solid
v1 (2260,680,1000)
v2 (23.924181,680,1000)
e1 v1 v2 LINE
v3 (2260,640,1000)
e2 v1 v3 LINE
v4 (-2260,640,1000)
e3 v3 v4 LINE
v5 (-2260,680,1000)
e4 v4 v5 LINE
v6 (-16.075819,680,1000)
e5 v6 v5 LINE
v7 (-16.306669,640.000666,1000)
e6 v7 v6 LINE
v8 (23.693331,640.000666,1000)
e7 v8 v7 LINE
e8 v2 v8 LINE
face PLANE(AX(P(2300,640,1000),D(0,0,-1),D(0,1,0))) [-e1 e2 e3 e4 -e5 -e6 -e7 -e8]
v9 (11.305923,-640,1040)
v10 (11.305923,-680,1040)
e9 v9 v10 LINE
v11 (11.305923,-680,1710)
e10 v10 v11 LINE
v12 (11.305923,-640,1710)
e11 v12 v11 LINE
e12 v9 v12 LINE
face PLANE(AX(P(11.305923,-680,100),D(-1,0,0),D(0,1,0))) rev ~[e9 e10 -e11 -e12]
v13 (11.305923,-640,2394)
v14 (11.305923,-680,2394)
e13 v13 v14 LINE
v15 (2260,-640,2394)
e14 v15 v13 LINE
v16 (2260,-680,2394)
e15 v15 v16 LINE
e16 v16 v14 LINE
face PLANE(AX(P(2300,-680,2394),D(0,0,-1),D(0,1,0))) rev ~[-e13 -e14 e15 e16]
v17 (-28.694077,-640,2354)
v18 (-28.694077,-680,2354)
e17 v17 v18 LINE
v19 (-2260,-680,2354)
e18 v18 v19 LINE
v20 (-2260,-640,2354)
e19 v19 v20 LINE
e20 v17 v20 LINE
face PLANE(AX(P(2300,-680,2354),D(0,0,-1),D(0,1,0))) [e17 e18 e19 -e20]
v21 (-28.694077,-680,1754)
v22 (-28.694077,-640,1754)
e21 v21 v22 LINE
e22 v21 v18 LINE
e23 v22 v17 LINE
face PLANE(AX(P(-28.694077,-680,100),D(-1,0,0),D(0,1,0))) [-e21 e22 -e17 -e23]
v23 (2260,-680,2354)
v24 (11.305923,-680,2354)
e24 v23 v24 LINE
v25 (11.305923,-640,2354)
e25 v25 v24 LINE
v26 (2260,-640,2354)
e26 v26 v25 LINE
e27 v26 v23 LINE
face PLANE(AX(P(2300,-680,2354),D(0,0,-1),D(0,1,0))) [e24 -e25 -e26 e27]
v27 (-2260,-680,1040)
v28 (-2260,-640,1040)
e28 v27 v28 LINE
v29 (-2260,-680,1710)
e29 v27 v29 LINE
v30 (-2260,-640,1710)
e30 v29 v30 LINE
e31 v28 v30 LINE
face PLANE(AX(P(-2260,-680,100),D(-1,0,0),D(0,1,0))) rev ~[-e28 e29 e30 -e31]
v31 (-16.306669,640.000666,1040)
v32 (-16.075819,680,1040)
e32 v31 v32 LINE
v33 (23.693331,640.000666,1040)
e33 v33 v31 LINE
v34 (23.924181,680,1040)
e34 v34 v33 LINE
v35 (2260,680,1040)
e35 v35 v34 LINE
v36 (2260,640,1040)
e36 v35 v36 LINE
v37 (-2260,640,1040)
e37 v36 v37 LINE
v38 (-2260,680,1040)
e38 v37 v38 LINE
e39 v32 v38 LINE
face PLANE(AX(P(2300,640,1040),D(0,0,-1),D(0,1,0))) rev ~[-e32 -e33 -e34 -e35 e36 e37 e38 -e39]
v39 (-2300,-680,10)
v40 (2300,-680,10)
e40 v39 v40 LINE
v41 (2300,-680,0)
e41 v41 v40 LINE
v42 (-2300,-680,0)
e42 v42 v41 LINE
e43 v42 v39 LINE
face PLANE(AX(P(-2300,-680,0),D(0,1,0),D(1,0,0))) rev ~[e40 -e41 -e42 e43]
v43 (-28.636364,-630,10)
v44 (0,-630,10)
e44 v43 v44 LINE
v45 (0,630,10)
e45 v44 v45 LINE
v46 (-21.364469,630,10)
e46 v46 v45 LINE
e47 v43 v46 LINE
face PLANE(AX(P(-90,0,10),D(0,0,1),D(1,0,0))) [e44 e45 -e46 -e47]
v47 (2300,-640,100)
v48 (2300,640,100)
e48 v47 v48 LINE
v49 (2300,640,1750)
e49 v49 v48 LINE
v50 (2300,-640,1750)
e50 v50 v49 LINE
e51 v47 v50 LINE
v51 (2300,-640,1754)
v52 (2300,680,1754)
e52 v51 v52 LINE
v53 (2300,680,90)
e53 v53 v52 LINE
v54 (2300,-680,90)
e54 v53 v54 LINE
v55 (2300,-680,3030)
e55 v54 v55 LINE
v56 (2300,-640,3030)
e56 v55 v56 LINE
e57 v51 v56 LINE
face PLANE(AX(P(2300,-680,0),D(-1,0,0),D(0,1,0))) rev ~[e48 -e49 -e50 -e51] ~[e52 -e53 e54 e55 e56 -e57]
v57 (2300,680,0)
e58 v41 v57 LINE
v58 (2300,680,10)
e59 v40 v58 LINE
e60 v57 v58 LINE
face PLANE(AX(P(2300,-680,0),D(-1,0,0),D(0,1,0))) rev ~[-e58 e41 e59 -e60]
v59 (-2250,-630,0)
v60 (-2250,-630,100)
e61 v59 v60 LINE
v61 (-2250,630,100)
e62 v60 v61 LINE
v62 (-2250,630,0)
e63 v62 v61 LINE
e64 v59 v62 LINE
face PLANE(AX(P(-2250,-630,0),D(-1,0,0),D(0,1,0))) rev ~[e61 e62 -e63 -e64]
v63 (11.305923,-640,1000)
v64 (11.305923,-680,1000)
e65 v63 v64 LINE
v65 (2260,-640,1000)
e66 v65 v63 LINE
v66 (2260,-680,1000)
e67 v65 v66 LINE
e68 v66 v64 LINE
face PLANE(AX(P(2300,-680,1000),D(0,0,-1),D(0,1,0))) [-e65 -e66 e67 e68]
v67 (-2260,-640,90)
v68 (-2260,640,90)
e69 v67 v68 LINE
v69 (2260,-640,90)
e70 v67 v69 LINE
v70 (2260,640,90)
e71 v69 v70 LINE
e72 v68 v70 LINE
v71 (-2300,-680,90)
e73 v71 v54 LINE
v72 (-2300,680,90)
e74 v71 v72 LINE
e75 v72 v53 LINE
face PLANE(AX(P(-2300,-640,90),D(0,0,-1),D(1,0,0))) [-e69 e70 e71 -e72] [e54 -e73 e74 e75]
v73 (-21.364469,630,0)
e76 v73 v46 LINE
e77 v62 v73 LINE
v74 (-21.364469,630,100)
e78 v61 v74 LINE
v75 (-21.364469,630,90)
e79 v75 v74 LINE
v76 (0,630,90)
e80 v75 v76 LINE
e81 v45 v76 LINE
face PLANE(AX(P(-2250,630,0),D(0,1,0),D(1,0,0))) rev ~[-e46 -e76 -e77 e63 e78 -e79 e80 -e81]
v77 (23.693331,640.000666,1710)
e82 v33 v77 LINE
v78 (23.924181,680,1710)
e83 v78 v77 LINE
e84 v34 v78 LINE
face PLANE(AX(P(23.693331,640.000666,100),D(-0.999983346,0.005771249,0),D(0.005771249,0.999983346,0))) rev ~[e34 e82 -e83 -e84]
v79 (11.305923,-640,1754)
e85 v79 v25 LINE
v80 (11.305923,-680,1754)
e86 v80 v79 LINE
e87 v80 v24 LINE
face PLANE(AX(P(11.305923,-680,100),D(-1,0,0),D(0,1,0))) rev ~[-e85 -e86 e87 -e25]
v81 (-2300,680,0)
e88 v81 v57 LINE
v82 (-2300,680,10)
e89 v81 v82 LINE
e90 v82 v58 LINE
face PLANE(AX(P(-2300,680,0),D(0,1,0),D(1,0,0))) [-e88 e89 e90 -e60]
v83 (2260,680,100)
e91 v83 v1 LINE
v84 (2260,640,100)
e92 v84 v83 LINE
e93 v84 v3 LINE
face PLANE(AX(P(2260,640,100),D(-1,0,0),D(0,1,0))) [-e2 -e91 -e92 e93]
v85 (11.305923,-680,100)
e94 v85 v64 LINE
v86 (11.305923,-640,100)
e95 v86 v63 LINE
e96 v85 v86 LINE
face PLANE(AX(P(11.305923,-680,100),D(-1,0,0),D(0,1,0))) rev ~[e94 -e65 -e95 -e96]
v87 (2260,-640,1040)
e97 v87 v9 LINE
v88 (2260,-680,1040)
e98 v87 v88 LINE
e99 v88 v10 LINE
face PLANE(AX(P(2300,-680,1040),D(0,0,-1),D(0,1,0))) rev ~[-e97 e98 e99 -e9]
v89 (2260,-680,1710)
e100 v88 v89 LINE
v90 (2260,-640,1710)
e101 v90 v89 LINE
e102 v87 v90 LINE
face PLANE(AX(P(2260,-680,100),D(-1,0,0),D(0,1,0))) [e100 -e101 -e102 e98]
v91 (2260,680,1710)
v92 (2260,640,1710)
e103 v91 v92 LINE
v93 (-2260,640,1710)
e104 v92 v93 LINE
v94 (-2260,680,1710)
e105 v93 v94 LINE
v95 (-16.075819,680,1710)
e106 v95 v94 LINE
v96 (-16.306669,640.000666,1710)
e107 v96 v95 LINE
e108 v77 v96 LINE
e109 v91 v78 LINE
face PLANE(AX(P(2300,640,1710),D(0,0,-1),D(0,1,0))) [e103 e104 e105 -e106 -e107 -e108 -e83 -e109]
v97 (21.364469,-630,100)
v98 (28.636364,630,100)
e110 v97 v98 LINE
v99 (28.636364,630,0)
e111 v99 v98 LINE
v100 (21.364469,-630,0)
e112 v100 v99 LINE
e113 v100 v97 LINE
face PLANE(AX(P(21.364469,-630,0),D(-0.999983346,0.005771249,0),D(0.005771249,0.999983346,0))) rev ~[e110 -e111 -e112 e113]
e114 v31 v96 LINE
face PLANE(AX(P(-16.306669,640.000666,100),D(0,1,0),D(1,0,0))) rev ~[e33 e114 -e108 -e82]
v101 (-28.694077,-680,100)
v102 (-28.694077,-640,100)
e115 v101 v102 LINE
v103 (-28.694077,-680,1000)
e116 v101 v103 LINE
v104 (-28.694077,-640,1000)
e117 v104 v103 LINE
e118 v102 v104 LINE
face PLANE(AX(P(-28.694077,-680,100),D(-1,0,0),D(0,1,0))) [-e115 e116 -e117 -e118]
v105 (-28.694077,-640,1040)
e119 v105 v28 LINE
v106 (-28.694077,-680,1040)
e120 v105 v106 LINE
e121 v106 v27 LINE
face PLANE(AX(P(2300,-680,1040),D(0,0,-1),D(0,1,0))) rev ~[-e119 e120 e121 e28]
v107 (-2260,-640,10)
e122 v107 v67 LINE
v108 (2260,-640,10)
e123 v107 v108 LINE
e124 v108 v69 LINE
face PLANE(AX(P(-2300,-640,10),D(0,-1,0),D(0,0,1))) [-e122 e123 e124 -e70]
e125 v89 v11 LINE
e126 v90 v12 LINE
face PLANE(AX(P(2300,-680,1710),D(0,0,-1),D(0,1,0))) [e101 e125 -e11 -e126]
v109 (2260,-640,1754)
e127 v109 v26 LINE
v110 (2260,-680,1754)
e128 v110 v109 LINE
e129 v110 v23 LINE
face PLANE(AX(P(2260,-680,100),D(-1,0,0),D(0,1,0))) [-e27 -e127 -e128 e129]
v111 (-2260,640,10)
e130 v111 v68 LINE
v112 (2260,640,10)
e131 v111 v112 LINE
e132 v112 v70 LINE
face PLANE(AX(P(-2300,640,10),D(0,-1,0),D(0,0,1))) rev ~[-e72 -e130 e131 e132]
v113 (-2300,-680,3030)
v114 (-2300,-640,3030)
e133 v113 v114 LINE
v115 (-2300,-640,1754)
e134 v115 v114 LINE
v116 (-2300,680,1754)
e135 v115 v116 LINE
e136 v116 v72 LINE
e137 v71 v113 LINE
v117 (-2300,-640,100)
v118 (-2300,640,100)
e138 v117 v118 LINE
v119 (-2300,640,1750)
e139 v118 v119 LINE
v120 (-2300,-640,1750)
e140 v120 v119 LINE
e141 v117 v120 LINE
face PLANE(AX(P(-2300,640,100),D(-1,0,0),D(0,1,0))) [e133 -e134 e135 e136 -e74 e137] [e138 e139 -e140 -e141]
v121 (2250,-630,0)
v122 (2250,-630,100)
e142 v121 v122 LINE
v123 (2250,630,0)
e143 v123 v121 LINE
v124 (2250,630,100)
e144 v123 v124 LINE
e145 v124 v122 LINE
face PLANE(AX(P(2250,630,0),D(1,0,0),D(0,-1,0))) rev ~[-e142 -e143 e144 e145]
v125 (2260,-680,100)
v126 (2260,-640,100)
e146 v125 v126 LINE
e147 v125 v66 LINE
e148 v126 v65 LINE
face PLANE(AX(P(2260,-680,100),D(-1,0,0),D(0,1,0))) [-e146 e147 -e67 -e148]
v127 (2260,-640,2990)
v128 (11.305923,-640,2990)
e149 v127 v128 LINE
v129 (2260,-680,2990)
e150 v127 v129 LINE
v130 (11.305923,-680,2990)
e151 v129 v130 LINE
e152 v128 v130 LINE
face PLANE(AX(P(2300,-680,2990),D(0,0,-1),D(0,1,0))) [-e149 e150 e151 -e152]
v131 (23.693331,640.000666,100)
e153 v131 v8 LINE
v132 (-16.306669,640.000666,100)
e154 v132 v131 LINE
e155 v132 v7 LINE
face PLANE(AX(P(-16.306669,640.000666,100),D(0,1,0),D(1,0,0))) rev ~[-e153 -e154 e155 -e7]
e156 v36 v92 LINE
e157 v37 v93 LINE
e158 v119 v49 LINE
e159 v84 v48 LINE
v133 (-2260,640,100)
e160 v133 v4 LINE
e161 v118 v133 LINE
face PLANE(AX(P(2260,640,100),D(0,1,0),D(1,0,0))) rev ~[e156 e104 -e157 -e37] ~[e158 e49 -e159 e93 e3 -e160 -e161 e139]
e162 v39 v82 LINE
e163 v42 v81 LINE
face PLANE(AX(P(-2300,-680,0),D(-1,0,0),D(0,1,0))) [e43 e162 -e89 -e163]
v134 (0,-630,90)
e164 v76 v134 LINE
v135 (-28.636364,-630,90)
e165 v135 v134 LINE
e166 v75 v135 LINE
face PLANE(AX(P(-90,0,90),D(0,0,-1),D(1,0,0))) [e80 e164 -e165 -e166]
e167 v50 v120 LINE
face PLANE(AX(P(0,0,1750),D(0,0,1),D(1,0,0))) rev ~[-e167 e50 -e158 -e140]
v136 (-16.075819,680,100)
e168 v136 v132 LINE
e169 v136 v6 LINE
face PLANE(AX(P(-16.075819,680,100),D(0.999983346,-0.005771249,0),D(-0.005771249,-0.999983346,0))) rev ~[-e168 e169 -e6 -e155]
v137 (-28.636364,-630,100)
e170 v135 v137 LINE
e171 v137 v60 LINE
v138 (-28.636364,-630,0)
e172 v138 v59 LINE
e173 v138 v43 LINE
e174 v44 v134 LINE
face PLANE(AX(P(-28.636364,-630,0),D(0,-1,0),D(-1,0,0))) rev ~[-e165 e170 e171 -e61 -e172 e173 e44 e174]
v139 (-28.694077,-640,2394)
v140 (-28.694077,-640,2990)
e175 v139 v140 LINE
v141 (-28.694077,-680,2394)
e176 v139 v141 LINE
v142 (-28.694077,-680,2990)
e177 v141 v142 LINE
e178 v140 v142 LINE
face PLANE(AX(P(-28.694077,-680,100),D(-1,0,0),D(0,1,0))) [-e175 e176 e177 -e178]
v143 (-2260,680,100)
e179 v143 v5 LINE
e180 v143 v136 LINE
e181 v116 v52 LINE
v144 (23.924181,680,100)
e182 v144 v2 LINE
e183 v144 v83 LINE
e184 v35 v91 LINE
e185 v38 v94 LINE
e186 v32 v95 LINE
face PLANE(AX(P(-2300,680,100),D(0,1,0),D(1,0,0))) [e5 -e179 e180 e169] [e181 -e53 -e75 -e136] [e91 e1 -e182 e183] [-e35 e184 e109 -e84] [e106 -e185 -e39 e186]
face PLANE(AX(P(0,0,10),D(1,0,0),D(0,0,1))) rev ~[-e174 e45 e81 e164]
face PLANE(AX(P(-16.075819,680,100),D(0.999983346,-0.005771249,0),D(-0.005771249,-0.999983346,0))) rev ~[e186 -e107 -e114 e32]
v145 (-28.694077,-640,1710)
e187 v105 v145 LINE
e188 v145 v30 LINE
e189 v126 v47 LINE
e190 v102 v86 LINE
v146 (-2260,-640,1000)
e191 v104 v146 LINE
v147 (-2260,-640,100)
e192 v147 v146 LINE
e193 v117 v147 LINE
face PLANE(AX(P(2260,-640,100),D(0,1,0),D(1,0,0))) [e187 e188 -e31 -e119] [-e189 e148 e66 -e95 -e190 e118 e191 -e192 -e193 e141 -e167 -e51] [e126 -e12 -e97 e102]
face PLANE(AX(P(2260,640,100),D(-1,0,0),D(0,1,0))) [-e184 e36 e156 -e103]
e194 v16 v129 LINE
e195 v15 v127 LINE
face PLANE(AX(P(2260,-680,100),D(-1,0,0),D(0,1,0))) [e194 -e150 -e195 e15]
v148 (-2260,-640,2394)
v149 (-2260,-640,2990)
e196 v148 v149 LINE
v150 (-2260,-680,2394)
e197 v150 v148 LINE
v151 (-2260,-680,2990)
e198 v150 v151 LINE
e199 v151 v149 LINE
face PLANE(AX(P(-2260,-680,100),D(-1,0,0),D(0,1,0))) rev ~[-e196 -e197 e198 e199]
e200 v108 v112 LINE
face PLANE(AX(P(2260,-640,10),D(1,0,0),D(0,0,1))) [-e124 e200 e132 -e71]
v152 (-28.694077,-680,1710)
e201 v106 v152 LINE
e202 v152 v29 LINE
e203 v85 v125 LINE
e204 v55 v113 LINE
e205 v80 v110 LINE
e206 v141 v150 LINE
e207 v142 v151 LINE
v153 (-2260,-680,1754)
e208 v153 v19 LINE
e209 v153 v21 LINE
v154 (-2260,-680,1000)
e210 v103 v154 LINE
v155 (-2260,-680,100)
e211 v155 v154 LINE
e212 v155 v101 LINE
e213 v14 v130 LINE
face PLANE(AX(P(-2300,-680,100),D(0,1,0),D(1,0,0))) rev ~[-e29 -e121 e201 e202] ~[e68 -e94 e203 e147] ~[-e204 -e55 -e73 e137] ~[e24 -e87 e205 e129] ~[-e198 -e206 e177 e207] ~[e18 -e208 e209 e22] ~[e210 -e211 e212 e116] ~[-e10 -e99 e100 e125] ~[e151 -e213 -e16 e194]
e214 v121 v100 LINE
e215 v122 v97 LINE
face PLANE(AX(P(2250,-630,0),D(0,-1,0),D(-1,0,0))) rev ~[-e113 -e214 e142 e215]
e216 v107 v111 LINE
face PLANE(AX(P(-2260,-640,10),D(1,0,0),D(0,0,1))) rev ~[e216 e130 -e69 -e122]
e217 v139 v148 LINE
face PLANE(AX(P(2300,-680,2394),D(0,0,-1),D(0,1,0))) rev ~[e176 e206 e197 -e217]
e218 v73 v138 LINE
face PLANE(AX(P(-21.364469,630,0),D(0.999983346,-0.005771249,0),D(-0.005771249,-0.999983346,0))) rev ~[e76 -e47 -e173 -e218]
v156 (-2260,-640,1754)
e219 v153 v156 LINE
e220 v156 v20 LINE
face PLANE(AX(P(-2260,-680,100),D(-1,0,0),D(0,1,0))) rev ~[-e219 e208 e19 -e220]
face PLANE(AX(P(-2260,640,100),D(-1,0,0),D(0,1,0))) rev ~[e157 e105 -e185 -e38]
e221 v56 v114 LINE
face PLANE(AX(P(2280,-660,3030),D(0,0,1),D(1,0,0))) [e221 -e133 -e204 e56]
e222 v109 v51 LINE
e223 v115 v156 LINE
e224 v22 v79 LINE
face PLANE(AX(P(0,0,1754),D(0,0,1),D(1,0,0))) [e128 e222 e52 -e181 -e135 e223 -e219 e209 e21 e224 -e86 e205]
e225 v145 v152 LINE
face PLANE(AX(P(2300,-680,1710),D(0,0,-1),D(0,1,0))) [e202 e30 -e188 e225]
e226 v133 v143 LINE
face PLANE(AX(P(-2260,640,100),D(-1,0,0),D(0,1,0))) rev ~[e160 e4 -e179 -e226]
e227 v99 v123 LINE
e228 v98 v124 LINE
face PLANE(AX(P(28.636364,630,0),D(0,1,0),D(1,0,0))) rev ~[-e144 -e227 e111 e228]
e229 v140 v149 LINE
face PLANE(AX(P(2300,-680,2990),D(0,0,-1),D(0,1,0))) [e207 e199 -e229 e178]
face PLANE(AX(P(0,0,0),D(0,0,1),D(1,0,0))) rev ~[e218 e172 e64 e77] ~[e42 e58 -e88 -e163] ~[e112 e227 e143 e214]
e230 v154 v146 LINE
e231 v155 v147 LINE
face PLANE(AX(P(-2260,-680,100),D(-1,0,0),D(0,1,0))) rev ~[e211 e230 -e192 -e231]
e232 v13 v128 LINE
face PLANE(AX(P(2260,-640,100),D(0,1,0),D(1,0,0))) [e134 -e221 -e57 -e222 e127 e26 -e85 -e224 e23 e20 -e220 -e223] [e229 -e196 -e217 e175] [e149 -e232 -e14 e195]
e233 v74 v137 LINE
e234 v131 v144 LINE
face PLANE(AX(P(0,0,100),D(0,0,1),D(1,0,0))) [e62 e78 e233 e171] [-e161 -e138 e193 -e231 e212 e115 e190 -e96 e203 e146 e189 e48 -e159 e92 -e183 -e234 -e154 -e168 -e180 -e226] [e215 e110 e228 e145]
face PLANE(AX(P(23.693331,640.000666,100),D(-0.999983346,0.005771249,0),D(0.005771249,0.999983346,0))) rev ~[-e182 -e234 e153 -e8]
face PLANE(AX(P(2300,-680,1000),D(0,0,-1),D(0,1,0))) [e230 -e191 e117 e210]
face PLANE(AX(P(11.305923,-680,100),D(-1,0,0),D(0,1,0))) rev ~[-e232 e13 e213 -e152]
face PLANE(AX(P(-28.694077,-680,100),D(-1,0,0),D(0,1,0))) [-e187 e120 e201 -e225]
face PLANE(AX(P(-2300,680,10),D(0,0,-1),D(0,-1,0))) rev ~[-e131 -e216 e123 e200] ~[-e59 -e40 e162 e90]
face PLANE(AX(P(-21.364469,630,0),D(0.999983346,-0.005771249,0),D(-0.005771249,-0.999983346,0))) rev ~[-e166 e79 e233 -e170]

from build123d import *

# Parameters (mm, degrees)
F0_W          = 4600
F0_H          = 1360
F1_DEPTH      = 100
F2_W          = 40
F2_H          = 80
F3_DEPTH      = 4600.001
F4_W          = 40
F4_H          = 80
F5_DEPTH      = 1320.001
F7_W          = 90
F7_H          = 80
F8_DEPTH      = 630
F8_DEPTH_BACK = 630
F9_W          = 40
F9_H          = 40
F10_DEPTH     = 2930
F11_W         = 4600
F11_H         = 1360
F12_DEPTH     = 4
F13_DEPTH     = 1650
F14_W         = 40
F14_H         = 40
F15_DEPTH     = 4560


with BuildPart() as f1:
    # F0 (on Top) → F1 (new body)
    with BuildSketch(Plane.XY):
        Rectangle(F0_W, F0_H)
        Polygon((-2250, -630), (-2250, 630), (-21.3644690673, 630), (-28.6363636364, -630), align=None, mode=Mode.SUBTRACT)
        Polygon((28.6363636364, 630), (2250, 630), (2250, -630), (21.3644690673, -630), align=None, mode=Mode.SUBTRACT)
    extrude(amount=F1_DEPTH)

    # F2 (on face) → F3 (cut, through all)
    with BuildSketch(Plane(origin=(-2300, 0, 0), x_dir=(0, -1, 0), z_dir=(-1, 0, 0))):
        with Locations((-660, 50)):
            Rectangle(F2_W, F2_H)
        with Locations((660, 50)):
            Rectangle(F2_W, F2_H)
    extrude(amount=-F3_DEPTH, mode=Mode.SUBTRACT)

    # F4 (on face) → F5 (cut, through all)
    with BuildSketch(Plane.XZ.offset(640)):
        with Locations((2280, 50)):
            Rectangle(F4_W, F4_H)
        with Locations((-2280, 50)):
            Rectangle(F4_W, F4_H)
    extrude(amount=-F5_DEPTH, mode=Mode.SUBTRACT)

    # F7 (on Front) → F8 (cut, two sides)
    with BuildSketch(Plane.XZ) as f8_sk:
        with Locations((-45, 50)):
            Rectangle(F7_W, F7_H)
    extrude(amount=-F8_DEPTH, mode=Mode.SUBTRACT)
    extrude(f8_sk.sketch, amount=F8_DEPTH_BACK, mode=Mode.SUBTRACT)

    # F9 (on face) → F10 (join)
    with BuildSketch(Plane.XY.offset(100)):
        with Locations((-2280, -660)):
            Rectangle(F9_W, F9_H)
        with Locations((2280, -660)):
            Rectangle(F9_W, F9_H)
        with Locations((-8.6940770853, -660)):
            Rectangle(F9_W, F9_H)
    extrude(amount=F10_DEPTH)

    # F11 (on offset) → F12 (join)
    with BuildSketch(Plane.XY.offset(1750)):
        Rectangle(F11_W, F11_H)
    extrude(amount=F12_DEPTH)

    # F9 (on face) → F13 (join)
    with BuildSketch(Plane.XY.offset(100)):
        with Locations((-2280, 660)):
            Rectangle(F9_W, F9_H)
        with Locations((2280, 660)):
            Rectangle(F9_W, F9_H)
        Polygon((23.9241814479, 680), (-16.0758185521, 680), (-16.3066685033, 640.0006661518), (23.6933314967, 640.0006661518), align=None)
        with Locations((-2280, -660)):
            Rectangle(F9_W, F9_H)
        with Locations((-8.6940770853, -660)):
            Rectangle(F9_W, F9_H)
        with Locations((2280, -660)):
            Rectangle(F9_W, F9_H)
    extrude(amount=F13_DEPTH)

    # F14 (on face) → F15 (join, through all)
    with BuildSketch(Plane.YZ.offset(2300)):
        with Locations((-660, 3010)):
            Rectangle(F14_W, F14_H)
        with Locations((660, 1020)):
            Rectangle(F14_W, F14_H)
        with Locations((-660, 1020)):
            Rectangle(F14_W, F14_H)
        with Locations((-660, 2374)):
            Rectangle(F14_W, F14_H)
        with Locations((-660, 1730)):
            Rectangle(F14_W, F14_H)
        with Locations((660, 1730)):
            Rectangle(F14_W, F14_H)
    extrude(amount=-F15_DEPTH)


solid = f1.part
